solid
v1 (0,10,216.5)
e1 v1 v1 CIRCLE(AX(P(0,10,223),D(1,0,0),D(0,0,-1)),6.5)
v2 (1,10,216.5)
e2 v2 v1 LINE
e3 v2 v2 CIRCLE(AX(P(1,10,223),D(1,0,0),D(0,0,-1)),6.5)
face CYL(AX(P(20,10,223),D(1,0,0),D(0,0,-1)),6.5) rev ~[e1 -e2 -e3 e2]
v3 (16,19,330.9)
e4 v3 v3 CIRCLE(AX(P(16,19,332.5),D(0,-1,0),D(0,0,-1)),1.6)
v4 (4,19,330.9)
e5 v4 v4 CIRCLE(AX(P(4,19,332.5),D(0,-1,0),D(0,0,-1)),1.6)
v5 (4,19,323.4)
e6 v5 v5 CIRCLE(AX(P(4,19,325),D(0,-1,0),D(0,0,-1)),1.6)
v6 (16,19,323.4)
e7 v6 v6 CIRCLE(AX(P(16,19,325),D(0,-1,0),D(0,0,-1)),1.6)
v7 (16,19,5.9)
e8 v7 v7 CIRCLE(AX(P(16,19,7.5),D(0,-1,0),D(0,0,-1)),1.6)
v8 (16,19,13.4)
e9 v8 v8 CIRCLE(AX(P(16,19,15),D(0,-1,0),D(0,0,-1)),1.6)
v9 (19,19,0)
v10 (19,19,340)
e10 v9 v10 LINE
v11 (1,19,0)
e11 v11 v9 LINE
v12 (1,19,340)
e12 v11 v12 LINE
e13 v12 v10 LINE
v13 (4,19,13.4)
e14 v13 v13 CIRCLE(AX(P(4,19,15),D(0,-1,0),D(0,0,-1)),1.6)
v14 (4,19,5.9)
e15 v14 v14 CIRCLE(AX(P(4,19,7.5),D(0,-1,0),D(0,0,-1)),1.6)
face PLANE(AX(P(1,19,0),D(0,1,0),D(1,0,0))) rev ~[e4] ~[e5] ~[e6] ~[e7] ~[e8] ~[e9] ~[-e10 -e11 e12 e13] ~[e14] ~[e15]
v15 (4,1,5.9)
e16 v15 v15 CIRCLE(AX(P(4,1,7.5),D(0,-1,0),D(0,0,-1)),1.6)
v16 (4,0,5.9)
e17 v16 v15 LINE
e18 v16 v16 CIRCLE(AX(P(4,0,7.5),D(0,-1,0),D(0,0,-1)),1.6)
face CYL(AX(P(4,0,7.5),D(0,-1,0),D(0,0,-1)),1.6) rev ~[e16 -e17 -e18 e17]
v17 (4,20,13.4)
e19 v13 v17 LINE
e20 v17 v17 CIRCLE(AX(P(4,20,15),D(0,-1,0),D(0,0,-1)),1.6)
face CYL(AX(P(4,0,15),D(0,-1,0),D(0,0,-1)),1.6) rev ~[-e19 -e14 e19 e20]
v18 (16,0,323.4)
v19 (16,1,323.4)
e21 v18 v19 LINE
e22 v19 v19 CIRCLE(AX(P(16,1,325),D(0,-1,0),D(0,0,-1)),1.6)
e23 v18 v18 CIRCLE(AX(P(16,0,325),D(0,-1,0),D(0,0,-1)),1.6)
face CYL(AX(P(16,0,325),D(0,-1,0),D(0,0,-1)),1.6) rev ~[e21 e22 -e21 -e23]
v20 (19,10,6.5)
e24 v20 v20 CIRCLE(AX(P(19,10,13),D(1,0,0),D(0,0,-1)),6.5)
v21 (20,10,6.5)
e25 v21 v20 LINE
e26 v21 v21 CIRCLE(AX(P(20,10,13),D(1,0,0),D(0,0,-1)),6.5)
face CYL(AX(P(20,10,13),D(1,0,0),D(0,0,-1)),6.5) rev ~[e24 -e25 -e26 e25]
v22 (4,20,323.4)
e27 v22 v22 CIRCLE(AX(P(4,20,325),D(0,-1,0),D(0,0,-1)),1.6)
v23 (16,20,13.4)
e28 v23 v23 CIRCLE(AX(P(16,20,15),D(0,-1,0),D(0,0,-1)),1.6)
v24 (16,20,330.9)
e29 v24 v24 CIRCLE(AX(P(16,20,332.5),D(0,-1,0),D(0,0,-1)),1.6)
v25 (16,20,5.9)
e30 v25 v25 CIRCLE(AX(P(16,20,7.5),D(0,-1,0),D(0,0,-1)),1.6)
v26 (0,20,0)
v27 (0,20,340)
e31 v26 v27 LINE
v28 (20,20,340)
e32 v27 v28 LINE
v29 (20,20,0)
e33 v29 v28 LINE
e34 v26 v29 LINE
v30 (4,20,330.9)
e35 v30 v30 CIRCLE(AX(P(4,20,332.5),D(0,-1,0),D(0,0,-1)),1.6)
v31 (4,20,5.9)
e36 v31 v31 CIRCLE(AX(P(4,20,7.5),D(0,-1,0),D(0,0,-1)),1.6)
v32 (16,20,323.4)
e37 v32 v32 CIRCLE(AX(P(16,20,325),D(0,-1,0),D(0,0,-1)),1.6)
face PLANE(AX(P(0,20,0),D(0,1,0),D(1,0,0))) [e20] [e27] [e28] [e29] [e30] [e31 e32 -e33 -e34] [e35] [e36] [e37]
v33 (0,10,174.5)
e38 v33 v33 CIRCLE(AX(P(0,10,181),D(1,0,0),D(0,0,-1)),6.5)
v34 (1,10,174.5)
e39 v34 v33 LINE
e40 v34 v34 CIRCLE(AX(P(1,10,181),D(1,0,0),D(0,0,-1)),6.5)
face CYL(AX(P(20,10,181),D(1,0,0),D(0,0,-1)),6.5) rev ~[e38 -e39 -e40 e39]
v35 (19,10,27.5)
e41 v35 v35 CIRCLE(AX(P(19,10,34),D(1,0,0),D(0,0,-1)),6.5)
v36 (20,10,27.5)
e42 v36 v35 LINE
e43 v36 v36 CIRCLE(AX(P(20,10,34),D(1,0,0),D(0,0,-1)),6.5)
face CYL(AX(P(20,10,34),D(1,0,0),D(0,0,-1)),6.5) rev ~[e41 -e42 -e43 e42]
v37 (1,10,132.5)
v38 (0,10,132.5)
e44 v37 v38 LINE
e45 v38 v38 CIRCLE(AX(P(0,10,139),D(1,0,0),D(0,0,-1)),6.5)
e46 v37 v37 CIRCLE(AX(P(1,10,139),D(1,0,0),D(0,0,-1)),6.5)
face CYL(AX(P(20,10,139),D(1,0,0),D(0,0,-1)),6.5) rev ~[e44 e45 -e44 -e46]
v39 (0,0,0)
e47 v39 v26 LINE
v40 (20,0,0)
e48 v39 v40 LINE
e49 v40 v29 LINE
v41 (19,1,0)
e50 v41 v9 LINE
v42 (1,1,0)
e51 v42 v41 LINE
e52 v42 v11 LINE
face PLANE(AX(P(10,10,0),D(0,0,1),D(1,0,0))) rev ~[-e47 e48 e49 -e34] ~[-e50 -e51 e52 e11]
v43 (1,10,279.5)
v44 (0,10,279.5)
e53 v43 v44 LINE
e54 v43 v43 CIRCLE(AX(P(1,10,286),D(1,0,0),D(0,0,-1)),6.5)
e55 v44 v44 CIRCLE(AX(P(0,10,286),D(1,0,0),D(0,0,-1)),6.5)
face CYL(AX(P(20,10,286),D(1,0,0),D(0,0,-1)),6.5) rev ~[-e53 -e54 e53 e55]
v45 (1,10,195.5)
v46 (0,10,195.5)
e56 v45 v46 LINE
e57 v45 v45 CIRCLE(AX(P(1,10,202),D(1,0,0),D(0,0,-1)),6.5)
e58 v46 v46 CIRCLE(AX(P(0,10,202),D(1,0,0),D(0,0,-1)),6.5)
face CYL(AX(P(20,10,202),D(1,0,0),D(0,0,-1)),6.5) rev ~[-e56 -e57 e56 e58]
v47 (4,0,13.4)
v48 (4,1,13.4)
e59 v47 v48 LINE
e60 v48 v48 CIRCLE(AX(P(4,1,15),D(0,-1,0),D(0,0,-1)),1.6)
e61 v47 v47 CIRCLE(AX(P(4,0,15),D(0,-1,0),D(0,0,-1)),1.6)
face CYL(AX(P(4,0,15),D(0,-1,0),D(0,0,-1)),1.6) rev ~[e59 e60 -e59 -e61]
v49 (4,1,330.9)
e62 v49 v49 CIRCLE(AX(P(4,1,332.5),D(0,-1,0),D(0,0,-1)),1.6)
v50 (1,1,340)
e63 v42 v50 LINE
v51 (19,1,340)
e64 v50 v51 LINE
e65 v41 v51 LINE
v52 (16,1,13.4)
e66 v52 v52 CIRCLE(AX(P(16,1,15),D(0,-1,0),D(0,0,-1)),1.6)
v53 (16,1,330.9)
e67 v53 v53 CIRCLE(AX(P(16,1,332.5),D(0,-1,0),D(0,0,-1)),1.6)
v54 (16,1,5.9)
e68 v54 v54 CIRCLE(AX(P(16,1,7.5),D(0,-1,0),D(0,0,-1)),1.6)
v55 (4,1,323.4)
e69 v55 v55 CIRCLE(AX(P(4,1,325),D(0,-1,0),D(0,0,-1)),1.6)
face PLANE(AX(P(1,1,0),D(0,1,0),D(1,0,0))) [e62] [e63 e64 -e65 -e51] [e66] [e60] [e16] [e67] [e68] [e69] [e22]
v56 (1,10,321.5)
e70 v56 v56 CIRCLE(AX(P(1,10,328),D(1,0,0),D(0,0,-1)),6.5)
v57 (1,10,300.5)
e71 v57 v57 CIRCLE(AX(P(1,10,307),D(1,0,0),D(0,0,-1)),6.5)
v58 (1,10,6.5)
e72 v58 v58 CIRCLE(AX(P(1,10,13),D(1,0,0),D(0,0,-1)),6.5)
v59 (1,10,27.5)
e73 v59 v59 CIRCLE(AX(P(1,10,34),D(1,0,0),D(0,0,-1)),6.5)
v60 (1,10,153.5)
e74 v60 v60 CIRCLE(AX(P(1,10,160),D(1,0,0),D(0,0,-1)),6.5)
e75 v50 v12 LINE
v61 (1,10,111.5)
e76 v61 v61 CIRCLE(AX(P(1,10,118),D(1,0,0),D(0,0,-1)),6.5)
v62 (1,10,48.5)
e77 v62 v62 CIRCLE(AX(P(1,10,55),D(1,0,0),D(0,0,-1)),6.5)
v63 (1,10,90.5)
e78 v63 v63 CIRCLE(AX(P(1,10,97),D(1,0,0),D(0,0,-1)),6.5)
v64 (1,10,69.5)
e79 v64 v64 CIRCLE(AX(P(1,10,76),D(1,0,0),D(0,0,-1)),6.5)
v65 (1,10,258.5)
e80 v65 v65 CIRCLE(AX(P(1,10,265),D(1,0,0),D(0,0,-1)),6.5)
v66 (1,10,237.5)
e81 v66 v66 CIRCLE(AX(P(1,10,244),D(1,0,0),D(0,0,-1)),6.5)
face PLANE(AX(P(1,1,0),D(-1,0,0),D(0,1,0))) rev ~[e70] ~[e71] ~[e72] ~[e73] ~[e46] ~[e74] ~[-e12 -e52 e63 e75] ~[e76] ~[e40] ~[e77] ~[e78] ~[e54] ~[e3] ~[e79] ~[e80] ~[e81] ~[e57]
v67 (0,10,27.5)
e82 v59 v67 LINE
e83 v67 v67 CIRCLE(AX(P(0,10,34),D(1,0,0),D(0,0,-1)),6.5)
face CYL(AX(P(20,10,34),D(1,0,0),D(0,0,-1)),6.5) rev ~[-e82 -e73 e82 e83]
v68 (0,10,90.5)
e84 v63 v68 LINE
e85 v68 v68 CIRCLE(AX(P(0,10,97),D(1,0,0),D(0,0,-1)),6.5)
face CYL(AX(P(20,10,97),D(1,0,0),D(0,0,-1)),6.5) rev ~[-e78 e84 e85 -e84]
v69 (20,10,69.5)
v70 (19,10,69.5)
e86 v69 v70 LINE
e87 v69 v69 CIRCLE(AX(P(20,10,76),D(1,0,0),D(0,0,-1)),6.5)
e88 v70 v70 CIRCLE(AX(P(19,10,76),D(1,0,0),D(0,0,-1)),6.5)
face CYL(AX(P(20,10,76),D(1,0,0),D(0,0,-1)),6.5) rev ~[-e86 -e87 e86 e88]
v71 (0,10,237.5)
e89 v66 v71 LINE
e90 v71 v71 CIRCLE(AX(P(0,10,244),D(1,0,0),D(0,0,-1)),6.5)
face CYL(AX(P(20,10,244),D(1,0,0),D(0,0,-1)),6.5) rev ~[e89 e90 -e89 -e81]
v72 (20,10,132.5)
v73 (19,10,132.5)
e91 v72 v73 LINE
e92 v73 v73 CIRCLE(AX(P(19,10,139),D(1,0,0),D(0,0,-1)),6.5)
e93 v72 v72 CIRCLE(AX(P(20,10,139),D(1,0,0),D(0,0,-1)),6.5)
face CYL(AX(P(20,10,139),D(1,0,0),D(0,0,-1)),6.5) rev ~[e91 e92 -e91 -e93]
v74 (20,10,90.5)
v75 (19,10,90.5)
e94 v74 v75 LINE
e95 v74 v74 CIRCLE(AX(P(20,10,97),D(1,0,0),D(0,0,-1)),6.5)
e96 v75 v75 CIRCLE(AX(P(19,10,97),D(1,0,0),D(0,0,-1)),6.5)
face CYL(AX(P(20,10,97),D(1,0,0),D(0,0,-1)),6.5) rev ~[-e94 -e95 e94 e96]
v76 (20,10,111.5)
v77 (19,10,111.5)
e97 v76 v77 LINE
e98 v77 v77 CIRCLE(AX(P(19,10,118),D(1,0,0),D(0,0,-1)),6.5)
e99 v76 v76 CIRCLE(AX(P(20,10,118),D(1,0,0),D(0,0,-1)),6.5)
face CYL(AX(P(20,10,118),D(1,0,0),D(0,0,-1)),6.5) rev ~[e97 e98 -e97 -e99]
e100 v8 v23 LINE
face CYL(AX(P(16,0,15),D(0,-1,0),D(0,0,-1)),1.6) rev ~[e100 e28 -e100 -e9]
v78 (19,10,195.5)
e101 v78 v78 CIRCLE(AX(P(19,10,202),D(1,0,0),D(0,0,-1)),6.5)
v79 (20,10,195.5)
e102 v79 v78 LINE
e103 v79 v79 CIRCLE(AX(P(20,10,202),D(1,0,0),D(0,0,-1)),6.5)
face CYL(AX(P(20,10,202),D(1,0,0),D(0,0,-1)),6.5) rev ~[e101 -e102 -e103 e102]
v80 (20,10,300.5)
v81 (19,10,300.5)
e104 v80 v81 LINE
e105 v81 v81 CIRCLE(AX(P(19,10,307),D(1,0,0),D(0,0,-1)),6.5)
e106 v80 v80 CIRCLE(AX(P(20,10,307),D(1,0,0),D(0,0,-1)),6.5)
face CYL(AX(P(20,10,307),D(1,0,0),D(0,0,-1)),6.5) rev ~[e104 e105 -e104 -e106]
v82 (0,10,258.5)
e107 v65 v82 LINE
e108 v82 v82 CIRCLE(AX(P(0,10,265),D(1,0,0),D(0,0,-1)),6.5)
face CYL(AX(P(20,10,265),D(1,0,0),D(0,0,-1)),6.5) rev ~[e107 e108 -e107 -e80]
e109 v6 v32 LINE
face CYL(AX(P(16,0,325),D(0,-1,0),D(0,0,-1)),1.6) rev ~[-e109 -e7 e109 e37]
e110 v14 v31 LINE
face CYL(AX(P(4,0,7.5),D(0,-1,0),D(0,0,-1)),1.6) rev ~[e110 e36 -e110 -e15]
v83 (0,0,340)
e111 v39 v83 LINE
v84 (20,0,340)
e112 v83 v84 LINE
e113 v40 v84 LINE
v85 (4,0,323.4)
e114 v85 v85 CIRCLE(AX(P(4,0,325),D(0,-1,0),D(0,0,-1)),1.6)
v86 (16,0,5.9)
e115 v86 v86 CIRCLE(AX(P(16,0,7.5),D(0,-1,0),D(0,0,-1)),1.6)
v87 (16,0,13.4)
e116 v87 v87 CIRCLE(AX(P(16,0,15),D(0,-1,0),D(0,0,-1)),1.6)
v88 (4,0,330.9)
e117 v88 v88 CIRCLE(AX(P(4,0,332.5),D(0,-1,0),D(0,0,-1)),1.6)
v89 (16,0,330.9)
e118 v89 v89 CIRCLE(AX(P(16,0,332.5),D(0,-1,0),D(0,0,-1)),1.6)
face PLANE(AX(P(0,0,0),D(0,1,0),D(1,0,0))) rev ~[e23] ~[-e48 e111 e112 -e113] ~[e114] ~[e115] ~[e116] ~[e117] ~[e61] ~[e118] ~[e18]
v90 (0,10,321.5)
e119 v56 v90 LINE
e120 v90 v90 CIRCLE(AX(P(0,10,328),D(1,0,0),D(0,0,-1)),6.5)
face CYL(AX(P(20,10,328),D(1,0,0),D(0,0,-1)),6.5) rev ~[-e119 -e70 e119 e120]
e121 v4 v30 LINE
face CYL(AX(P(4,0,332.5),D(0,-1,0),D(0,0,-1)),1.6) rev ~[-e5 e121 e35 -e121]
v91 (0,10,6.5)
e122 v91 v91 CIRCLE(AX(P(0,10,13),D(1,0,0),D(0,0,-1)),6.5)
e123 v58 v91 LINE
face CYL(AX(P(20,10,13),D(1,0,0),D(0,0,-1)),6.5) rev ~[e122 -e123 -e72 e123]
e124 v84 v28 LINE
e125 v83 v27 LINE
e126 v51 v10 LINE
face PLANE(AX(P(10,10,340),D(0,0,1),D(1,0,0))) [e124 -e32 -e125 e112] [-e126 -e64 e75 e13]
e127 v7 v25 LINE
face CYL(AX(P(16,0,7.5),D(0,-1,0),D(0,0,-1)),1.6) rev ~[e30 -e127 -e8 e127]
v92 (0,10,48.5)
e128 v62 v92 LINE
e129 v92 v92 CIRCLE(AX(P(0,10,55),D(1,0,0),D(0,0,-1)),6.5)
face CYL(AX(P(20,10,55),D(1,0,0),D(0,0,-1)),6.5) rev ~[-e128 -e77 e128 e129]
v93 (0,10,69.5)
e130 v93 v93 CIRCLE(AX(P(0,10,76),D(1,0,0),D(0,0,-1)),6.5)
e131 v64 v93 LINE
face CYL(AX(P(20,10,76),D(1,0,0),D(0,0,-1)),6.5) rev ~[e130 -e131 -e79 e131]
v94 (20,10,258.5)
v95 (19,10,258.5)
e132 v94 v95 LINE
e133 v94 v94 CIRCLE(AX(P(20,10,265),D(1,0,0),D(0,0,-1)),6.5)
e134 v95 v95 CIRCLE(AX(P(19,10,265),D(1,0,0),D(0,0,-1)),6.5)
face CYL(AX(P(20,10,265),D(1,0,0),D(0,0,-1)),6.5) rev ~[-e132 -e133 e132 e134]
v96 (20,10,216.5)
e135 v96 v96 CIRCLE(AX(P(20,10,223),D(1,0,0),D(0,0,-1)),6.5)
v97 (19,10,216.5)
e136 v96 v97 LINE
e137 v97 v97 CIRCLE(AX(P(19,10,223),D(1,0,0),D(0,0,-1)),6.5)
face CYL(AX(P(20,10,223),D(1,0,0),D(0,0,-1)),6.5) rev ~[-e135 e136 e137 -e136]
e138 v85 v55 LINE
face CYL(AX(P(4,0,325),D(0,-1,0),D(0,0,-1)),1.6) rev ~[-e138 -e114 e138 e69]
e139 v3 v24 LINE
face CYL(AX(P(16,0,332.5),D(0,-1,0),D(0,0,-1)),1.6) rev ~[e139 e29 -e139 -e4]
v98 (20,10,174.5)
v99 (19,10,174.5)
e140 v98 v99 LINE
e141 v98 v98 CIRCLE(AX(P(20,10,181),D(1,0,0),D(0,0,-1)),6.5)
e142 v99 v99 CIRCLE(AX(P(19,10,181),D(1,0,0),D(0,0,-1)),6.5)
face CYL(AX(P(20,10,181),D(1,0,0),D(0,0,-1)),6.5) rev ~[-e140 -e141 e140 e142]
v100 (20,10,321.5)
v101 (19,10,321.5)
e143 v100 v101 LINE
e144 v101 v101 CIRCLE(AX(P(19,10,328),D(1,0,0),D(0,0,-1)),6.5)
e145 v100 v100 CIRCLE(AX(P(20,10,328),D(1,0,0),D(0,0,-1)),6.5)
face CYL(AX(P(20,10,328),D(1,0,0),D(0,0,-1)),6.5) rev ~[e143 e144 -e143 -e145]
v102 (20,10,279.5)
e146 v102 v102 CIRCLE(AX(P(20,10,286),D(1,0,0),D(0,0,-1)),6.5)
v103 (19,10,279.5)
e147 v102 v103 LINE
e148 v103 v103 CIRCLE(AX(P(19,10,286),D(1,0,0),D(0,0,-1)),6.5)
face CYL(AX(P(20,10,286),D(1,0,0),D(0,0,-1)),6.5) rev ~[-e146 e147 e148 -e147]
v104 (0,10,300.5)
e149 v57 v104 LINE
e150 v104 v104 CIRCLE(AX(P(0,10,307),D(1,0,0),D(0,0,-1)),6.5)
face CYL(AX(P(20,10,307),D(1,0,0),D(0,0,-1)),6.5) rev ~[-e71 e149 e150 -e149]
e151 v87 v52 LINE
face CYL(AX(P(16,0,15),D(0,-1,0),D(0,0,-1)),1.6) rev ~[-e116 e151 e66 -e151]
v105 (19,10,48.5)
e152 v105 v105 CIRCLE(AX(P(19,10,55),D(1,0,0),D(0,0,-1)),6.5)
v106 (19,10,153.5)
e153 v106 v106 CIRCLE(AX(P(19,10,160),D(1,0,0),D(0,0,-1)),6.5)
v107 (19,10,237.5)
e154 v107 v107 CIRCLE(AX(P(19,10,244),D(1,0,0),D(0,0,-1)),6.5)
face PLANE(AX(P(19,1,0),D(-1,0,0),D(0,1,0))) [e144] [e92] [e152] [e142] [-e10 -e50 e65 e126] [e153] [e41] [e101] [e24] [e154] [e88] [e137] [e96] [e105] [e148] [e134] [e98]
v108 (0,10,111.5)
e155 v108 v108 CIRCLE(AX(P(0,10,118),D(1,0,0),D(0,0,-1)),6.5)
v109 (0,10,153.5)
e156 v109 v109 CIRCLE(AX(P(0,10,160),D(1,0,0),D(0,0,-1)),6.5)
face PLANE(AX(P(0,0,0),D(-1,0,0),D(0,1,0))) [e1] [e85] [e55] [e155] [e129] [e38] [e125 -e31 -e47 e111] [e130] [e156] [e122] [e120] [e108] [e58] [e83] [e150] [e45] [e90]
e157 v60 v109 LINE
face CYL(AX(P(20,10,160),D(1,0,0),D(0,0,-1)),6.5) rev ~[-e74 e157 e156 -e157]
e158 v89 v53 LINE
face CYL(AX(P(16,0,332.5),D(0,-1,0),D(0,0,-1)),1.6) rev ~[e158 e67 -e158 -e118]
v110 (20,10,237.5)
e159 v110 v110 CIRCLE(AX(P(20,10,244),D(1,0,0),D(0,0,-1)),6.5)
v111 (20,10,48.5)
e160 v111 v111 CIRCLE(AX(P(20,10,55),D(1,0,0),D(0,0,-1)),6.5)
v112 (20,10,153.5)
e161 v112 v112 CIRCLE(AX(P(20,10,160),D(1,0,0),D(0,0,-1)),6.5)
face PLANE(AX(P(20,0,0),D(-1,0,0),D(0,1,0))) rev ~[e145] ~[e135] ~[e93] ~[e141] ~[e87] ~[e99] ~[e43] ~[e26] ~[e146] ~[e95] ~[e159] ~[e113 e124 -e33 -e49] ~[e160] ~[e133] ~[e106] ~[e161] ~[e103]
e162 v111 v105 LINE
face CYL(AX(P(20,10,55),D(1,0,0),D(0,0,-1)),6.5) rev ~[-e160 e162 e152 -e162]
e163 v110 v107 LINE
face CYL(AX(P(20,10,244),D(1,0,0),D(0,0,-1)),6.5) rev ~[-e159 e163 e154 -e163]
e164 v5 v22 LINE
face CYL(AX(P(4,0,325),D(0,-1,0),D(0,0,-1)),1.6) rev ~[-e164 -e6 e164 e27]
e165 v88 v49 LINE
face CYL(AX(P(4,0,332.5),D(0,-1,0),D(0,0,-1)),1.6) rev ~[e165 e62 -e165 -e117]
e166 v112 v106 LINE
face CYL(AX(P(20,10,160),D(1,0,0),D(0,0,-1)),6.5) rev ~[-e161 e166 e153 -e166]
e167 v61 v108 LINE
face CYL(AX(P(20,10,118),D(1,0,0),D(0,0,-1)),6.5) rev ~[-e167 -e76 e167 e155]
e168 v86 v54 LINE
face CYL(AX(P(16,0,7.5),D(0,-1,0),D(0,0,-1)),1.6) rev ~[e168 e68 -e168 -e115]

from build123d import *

# Parameters (mm, degrees)
SKETCH_2_W          = 20
SKETCH_2_H          = 20
SKETCH_2_W_2        = 18
SKETCH_2_H_2        = 18
EXTRUDE_1_DEPTH     = 340
SKETCH_3_R          = 1.6
CUT_EXTRUDE_1_DEPTH = 342.174442185
SKETCH_4_R          = 6.5
CUT_EXTRUDE_2_DEPTH = 342.174442185


with BuildPart() as part:
    # 草图2 → 凸台-拉伸1 (new body)
    with BuildSketch(Plane.XY):
        with Locations((10, 10)):
            Rectangle(SKETCH_2_W, SKETCH_2_H)
        with Locations((10, 10)):
            Rectangle(SKETCH_2_W_2, SKETCH_2_H_2, mode=Mode.SUBTRACT)
    extrude(amount=EXTRUDE_1_DEPTH)

    # 草图3 → 切除-拉伸1 (cut, through all)
    with BuildSketch(Plane.XZ):
        with Locations(Location((16, 332.5, 0), (0, 0, 270))):
            Circle(SKETCH_3_R)
        with Locations(Location((4, 332.5, 0), (0, 0, 270))):
            Circle(SKETCH_3_R)
        with Locations(Location((16, 325, 0), (0, 0, 270))):
            Circle(SKETCH_3_R)
        with Locations(Location((4, 325, 0), (0, 0, 270))):
            Circle(SKETCH_3_R)
        with Locations(Location((16, 7.5, 0), (0, 0, 270))):
            Circle(SKETCH_3_R)
        with Locations(Location((4, 7.5, 0), (0, 0, 270))):
            Circle(SKETCH_3_R)
        with Locations(Location((16, 15, 0), (0, 0, 270))):
            Circle(SKETCH_3_R)
        with Locations(Location((4, 15, 0), (0, 0, 270))):
            Circle(SKETCH_3_R)
    extrude(amount=-CUT_EXTRUDE_1_DEPTH, mode=Mode.SUBTRACT)

    # 草图4 → 切除-拉伸2 (cut, through all)
    with BuildSketch(Plane(origin=(20, 0, 0), x_dir=(0, 0, -1), z_dir=(1, 0, 0))):
        with Locations((-328, 10)):
            Circle(SKETCH_4_R)
        with Locations((-307, 10)):
            Circle(SKETCH_4_R)
        with Locations((-286, 10)):
            Circle(SKETCH_4_R)
        with Locations((-265, 10)):
            Circle(SKETCH_4_R)
        with Locations((-244, 10)):
            Circle(SKETCH_4_R)
        with Locations((-223, 10)):
            Circle(SKETCH_4_R)
        with Locations((-202, 10)):
            Circle(SKETCH_4_R)
        with Locations((-181, 10)):
            Circle(SKETCH_4_R)
        with Locations((-160, 10)):
            Circle(SKETCH_4_R)
        with Locations((-139, 10)):
            Circle(SKETCH_4_R)
        with Locations((-118, 10)):
            Circle(SKETCH_4_R)
        with Locations((-97, 10)):
            Circle(SKETCH_4_R)
        with Locations((-76, 10)):
            Circle(SKETCH_4_R)
        with Locations((-55, 10)):
            Circle(SKETCH_4_R)
        with Locations((-34, 10)):
            Circle(SKETCH_4_R)
        with Locations((-13, 10)):
            Circle(SKETCH_4_R)
    extrude(amount=-CUT_EXTRUDE_2_DEPTH, mode=Mode.SUBTRACT)


solid = part.part
